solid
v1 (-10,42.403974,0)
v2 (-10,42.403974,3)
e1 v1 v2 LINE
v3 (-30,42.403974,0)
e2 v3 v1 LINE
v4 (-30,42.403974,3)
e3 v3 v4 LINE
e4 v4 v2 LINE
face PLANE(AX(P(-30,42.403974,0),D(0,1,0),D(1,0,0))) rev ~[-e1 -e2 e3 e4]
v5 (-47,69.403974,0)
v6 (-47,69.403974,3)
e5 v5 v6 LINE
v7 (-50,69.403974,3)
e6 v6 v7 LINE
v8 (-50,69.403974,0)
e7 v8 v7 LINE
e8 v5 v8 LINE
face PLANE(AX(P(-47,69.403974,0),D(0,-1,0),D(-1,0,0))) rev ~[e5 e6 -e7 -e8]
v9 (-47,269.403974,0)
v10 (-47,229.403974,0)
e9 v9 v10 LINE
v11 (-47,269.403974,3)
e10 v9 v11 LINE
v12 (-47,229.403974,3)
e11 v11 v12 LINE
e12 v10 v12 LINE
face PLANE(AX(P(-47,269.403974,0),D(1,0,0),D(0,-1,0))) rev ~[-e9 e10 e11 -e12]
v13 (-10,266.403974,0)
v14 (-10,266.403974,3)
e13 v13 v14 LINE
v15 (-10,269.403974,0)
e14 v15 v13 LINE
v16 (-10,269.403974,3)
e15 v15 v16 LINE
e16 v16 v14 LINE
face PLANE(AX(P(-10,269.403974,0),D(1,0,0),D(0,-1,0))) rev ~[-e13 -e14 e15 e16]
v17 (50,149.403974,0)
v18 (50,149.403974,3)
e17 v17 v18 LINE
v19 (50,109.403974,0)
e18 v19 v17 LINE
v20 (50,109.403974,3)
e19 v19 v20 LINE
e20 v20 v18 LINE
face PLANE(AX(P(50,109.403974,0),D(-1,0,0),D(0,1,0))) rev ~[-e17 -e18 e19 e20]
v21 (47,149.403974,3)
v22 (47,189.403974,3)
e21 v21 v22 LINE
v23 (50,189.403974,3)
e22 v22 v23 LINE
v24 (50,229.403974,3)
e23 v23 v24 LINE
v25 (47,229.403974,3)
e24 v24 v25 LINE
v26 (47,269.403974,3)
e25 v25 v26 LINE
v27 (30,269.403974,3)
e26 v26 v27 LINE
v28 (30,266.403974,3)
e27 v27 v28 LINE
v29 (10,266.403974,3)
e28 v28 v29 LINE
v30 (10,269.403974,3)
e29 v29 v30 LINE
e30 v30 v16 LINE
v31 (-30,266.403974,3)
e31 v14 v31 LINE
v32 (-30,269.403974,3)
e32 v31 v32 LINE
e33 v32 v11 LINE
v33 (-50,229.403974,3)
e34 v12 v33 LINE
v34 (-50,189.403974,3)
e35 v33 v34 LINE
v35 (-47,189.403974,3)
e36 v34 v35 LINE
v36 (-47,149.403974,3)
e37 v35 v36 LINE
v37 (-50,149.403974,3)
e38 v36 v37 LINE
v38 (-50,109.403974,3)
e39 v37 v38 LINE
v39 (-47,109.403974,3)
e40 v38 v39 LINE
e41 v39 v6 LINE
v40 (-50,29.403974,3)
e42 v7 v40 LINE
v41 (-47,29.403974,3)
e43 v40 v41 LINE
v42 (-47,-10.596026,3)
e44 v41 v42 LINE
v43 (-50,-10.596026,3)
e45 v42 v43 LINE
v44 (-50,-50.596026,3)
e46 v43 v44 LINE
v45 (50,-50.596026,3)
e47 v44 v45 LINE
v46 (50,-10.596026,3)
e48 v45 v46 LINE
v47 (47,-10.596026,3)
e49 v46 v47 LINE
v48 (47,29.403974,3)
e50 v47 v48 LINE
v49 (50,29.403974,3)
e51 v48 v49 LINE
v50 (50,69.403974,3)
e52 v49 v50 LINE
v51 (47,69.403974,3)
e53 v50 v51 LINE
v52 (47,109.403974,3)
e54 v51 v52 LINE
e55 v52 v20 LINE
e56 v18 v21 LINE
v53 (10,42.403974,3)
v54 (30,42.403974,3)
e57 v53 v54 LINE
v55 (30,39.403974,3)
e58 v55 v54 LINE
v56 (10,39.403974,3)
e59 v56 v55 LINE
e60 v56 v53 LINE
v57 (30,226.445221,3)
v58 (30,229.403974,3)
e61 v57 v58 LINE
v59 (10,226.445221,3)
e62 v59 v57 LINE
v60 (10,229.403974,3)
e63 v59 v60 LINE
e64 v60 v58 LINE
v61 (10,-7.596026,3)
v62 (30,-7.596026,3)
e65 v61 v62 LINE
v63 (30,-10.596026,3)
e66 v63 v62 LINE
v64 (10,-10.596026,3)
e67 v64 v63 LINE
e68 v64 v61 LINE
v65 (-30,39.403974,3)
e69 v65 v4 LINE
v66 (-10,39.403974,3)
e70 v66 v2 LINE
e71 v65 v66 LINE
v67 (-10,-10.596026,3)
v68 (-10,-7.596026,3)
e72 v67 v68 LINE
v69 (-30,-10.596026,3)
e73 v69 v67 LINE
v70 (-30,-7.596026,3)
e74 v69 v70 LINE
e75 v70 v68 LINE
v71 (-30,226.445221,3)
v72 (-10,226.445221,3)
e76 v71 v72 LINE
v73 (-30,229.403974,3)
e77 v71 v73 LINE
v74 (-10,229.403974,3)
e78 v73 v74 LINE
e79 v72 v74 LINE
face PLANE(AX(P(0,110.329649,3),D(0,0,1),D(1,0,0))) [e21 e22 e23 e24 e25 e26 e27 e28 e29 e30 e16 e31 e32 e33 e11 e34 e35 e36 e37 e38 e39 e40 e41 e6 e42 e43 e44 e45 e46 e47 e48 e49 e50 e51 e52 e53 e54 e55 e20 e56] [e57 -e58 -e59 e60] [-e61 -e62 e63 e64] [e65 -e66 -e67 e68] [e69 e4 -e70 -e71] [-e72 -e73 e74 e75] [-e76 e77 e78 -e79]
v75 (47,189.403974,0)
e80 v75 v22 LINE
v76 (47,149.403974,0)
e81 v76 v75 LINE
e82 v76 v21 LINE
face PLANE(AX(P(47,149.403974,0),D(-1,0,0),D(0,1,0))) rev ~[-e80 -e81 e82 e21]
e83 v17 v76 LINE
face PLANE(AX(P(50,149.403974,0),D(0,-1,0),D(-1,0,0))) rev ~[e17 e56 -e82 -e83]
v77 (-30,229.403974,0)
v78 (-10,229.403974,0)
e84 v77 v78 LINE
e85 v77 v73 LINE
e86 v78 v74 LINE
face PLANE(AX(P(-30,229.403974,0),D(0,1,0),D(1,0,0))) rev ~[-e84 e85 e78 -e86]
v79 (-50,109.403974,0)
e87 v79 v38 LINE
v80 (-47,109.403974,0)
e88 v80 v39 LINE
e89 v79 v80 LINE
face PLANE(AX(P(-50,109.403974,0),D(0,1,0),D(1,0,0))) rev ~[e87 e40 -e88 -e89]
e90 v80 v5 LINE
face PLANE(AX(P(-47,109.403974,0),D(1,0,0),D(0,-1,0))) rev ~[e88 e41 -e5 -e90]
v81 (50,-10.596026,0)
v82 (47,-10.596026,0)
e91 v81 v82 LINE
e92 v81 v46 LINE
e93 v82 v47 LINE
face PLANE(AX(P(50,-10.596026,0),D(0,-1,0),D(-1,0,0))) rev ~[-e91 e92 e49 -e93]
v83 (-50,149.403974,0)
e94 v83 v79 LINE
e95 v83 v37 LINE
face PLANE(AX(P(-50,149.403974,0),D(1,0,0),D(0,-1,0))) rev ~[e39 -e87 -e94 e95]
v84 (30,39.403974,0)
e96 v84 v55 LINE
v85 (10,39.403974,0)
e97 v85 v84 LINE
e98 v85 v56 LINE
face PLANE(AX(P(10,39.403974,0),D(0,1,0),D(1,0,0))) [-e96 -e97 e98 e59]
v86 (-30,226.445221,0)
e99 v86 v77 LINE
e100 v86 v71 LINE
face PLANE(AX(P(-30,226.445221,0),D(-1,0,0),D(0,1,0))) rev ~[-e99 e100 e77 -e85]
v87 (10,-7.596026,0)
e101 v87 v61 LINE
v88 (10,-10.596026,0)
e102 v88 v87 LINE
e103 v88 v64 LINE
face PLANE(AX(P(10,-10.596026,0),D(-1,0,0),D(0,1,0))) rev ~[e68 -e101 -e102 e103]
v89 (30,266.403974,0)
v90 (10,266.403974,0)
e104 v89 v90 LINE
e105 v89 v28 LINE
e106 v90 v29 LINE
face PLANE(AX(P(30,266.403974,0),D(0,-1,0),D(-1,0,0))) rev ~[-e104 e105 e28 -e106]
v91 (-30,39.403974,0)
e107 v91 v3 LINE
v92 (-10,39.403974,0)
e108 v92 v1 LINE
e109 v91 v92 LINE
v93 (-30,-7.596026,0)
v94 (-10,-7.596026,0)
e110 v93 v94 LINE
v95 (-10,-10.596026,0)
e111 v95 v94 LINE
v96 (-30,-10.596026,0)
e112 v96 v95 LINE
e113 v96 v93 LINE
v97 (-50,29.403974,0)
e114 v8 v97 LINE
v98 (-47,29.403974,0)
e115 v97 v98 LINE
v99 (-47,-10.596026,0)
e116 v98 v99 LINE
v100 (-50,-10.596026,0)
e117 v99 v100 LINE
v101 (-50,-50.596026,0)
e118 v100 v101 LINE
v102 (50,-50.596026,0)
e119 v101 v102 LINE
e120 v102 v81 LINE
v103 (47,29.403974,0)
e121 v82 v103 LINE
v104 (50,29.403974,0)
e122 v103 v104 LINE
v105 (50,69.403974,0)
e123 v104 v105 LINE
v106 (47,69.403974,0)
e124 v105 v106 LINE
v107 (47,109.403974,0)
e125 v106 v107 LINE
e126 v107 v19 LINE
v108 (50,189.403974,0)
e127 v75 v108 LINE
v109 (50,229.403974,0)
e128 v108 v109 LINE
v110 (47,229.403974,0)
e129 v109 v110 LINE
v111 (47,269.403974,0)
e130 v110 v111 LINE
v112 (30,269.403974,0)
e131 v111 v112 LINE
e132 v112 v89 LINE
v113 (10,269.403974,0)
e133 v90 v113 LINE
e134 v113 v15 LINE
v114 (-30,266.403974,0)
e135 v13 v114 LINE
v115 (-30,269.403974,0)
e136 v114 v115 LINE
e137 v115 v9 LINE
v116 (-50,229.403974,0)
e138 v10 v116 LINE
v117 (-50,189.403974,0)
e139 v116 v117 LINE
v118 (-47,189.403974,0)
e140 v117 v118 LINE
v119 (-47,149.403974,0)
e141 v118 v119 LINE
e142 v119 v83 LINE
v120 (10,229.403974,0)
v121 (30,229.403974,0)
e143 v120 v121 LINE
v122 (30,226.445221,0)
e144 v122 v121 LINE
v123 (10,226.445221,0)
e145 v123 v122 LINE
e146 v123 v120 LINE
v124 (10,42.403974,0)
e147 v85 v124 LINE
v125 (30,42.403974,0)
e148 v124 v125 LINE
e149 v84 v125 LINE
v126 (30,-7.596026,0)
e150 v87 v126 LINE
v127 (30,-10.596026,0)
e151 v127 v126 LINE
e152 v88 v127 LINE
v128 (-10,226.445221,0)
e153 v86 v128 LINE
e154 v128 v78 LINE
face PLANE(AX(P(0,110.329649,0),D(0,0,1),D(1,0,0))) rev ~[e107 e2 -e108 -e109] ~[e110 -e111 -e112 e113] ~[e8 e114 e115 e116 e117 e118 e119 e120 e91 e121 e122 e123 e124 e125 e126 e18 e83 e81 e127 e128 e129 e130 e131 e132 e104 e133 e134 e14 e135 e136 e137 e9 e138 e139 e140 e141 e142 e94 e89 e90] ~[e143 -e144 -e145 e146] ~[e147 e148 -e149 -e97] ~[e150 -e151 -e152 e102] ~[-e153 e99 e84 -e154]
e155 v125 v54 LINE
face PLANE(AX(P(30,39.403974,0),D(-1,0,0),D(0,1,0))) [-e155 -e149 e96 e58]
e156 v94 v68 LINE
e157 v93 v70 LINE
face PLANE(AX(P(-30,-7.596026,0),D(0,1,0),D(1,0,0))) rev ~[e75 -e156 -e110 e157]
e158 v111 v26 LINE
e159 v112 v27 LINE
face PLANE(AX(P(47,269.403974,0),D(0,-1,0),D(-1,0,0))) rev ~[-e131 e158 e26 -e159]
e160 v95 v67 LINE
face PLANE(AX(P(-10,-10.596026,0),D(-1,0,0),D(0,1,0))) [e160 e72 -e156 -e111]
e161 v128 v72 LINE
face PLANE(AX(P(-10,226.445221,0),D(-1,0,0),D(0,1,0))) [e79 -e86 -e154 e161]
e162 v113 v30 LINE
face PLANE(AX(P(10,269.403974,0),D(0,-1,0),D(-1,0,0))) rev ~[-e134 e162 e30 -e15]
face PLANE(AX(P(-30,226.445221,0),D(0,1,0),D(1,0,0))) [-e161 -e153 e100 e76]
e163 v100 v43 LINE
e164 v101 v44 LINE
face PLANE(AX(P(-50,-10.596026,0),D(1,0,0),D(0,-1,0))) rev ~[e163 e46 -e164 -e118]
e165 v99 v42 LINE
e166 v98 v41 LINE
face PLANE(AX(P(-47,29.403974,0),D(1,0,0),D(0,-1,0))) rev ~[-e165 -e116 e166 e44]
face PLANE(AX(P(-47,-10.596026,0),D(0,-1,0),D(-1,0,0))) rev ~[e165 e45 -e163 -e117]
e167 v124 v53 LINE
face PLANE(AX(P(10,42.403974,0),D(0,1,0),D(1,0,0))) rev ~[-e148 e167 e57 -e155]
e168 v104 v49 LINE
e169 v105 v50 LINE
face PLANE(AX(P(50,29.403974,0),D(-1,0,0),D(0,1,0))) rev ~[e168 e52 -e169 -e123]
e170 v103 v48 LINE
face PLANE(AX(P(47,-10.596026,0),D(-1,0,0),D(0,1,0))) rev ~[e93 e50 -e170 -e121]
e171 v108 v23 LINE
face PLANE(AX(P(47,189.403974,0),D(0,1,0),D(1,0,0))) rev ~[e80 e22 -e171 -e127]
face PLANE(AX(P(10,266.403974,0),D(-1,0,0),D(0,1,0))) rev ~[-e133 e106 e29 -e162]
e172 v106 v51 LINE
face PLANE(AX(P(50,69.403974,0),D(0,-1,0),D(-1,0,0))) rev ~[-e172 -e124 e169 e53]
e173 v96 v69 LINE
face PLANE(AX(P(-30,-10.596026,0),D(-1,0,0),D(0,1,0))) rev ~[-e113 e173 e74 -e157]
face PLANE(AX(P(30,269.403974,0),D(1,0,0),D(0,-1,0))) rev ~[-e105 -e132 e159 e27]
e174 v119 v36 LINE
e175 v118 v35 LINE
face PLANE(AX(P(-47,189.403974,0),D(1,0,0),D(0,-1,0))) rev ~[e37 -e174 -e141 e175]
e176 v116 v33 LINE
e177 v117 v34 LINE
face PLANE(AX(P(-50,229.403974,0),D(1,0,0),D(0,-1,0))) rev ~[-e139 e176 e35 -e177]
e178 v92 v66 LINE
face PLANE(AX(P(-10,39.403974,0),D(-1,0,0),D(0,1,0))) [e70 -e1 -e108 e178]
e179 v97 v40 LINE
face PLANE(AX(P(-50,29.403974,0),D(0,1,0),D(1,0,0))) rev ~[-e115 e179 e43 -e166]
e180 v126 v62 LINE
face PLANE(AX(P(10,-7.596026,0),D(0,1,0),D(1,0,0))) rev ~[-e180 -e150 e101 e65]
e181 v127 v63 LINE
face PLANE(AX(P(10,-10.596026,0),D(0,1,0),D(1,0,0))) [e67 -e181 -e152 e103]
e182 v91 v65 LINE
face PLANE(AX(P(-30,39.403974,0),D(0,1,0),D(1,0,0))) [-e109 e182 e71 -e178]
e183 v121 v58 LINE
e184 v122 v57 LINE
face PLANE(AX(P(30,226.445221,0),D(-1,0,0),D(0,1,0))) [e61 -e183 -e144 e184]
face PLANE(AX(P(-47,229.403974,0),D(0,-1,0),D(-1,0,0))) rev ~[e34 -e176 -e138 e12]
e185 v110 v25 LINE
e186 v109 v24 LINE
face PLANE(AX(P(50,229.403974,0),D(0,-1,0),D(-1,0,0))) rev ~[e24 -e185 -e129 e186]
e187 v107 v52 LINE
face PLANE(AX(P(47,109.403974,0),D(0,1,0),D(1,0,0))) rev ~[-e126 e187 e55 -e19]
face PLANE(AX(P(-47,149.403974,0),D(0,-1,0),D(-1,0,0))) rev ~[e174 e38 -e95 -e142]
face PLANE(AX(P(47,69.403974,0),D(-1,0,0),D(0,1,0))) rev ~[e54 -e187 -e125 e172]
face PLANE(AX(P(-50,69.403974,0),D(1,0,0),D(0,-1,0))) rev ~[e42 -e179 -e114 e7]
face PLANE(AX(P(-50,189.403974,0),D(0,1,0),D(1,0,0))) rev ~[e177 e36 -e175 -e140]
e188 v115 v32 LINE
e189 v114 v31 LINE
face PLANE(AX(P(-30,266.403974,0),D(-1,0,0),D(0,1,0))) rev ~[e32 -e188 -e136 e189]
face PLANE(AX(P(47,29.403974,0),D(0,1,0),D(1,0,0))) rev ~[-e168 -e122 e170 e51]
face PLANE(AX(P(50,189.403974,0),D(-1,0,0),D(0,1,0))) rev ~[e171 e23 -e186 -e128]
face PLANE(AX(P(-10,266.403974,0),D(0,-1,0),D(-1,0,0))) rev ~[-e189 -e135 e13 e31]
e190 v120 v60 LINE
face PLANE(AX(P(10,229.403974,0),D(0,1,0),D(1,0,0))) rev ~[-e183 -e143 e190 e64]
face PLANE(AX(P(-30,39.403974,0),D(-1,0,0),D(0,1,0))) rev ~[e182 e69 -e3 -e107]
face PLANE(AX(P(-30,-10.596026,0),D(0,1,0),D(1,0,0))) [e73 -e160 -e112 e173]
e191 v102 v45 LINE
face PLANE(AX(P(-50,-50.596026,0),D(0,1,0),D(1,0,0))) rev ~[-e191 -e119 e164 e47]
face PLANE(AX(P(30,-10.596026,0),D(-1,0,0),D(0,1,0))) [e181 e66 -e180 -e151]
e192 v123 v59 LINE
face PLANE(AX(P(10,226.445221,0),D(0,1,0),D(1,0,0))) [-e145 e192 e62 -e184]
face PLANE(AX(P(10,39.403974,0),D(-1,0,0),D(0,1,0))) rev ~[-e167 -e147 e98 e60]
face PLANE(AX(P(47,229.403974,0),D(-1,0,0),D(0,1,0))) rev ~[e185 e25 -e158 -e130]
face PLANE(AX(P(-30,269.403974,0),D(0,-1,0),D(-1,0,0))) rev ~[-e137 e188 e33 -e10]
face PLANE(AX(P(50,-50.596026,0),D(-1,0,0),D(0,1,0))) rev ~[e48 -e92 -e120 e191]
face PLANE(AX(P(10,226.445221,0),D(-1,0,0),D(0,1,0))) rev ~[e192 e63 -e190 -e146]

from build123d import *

# Parameters (mm, degrees)
SKETCH_1_W      = 20
SKETCH_1_H      = 3
SKETCH_1_H_2    = 2.958752526
EXTRUDE_1_DEPTH = 3


with BuildPart() as part:
    # 草图1 → 凸台-拉伸1 (new body)
    with BuildSketch(Plane.XY):
        Polygon((50, -50.59602649), (50, -10.59602649), (47, -10.59602649), (47, 29.40397351), (50, 29.40397351), (50, 69.40397351), (47, 69.40397351), (47, 109.40397351), (50, 109.40397351), (50, 149.40397351), (47, 149.40397351), (47, 189.40397351), (50, 189.40397351), (50, 229.40397351), (47, 229.40397351), (47, 269.40397351), (30, 269.40397351), (30, 266.40397351), (10, 266.40397351), (10, 269.40397351), (-10, 269.40397351), (-10, 266.40397351), (-30, 266.40397351), (-30, 269.40397351), (-47, 269.40397351), (-47, 229.40397351), (-50, 229.40397351), (-50, 189.40397351), (-47, 189.40397351), (-47, 149.40397351), (-50, 149.40397351), (-50, 109.40397351), (-47, 109.40397351), (-47, 69.40397351), (-50, 69.40397351), (-50, 29.40397351), (-47, 29.40397351), (-47, -10.59602649), (-50, -10.59602649), (-50, -50.59602649), align=None)
        with Locations((-20, 40.90397351)):
            Rectangle(SKETCH_1_W, SKETCH_1_H, mode=Mode.SUBTRACT)
        with Locations((-20, -9.09602649)):
            Rectangle(SKETCH_1_W, SKETCH_1_H, mode=Mode.SUBTRACT)
        with Locations((20, 40.90397351)):
            Rectangle(SKETCH_1_W, SKETCH_1_H, mode=Mode.SUBTRACT)
        with Locations((20, -9.09602649)):
            Rectangle(SKETCH_1_W, SKETCH_1_H, mode=Mode.SUBTRACT)
        with Locations((-20, 227.924597247)):
            Rectangle(SKETCH_1_W, SKETCH_1_H_2, mode=Mode.SUBTRACT)
        with Locations((20, 227.924597247)):
            Rectangle(SKETCH_1_W, SKETCH_1_H_2, mode=Mode.SUBTRACT)
    extrude(amount=EXTRUDE_1_DEPTH)


solid = part.part
